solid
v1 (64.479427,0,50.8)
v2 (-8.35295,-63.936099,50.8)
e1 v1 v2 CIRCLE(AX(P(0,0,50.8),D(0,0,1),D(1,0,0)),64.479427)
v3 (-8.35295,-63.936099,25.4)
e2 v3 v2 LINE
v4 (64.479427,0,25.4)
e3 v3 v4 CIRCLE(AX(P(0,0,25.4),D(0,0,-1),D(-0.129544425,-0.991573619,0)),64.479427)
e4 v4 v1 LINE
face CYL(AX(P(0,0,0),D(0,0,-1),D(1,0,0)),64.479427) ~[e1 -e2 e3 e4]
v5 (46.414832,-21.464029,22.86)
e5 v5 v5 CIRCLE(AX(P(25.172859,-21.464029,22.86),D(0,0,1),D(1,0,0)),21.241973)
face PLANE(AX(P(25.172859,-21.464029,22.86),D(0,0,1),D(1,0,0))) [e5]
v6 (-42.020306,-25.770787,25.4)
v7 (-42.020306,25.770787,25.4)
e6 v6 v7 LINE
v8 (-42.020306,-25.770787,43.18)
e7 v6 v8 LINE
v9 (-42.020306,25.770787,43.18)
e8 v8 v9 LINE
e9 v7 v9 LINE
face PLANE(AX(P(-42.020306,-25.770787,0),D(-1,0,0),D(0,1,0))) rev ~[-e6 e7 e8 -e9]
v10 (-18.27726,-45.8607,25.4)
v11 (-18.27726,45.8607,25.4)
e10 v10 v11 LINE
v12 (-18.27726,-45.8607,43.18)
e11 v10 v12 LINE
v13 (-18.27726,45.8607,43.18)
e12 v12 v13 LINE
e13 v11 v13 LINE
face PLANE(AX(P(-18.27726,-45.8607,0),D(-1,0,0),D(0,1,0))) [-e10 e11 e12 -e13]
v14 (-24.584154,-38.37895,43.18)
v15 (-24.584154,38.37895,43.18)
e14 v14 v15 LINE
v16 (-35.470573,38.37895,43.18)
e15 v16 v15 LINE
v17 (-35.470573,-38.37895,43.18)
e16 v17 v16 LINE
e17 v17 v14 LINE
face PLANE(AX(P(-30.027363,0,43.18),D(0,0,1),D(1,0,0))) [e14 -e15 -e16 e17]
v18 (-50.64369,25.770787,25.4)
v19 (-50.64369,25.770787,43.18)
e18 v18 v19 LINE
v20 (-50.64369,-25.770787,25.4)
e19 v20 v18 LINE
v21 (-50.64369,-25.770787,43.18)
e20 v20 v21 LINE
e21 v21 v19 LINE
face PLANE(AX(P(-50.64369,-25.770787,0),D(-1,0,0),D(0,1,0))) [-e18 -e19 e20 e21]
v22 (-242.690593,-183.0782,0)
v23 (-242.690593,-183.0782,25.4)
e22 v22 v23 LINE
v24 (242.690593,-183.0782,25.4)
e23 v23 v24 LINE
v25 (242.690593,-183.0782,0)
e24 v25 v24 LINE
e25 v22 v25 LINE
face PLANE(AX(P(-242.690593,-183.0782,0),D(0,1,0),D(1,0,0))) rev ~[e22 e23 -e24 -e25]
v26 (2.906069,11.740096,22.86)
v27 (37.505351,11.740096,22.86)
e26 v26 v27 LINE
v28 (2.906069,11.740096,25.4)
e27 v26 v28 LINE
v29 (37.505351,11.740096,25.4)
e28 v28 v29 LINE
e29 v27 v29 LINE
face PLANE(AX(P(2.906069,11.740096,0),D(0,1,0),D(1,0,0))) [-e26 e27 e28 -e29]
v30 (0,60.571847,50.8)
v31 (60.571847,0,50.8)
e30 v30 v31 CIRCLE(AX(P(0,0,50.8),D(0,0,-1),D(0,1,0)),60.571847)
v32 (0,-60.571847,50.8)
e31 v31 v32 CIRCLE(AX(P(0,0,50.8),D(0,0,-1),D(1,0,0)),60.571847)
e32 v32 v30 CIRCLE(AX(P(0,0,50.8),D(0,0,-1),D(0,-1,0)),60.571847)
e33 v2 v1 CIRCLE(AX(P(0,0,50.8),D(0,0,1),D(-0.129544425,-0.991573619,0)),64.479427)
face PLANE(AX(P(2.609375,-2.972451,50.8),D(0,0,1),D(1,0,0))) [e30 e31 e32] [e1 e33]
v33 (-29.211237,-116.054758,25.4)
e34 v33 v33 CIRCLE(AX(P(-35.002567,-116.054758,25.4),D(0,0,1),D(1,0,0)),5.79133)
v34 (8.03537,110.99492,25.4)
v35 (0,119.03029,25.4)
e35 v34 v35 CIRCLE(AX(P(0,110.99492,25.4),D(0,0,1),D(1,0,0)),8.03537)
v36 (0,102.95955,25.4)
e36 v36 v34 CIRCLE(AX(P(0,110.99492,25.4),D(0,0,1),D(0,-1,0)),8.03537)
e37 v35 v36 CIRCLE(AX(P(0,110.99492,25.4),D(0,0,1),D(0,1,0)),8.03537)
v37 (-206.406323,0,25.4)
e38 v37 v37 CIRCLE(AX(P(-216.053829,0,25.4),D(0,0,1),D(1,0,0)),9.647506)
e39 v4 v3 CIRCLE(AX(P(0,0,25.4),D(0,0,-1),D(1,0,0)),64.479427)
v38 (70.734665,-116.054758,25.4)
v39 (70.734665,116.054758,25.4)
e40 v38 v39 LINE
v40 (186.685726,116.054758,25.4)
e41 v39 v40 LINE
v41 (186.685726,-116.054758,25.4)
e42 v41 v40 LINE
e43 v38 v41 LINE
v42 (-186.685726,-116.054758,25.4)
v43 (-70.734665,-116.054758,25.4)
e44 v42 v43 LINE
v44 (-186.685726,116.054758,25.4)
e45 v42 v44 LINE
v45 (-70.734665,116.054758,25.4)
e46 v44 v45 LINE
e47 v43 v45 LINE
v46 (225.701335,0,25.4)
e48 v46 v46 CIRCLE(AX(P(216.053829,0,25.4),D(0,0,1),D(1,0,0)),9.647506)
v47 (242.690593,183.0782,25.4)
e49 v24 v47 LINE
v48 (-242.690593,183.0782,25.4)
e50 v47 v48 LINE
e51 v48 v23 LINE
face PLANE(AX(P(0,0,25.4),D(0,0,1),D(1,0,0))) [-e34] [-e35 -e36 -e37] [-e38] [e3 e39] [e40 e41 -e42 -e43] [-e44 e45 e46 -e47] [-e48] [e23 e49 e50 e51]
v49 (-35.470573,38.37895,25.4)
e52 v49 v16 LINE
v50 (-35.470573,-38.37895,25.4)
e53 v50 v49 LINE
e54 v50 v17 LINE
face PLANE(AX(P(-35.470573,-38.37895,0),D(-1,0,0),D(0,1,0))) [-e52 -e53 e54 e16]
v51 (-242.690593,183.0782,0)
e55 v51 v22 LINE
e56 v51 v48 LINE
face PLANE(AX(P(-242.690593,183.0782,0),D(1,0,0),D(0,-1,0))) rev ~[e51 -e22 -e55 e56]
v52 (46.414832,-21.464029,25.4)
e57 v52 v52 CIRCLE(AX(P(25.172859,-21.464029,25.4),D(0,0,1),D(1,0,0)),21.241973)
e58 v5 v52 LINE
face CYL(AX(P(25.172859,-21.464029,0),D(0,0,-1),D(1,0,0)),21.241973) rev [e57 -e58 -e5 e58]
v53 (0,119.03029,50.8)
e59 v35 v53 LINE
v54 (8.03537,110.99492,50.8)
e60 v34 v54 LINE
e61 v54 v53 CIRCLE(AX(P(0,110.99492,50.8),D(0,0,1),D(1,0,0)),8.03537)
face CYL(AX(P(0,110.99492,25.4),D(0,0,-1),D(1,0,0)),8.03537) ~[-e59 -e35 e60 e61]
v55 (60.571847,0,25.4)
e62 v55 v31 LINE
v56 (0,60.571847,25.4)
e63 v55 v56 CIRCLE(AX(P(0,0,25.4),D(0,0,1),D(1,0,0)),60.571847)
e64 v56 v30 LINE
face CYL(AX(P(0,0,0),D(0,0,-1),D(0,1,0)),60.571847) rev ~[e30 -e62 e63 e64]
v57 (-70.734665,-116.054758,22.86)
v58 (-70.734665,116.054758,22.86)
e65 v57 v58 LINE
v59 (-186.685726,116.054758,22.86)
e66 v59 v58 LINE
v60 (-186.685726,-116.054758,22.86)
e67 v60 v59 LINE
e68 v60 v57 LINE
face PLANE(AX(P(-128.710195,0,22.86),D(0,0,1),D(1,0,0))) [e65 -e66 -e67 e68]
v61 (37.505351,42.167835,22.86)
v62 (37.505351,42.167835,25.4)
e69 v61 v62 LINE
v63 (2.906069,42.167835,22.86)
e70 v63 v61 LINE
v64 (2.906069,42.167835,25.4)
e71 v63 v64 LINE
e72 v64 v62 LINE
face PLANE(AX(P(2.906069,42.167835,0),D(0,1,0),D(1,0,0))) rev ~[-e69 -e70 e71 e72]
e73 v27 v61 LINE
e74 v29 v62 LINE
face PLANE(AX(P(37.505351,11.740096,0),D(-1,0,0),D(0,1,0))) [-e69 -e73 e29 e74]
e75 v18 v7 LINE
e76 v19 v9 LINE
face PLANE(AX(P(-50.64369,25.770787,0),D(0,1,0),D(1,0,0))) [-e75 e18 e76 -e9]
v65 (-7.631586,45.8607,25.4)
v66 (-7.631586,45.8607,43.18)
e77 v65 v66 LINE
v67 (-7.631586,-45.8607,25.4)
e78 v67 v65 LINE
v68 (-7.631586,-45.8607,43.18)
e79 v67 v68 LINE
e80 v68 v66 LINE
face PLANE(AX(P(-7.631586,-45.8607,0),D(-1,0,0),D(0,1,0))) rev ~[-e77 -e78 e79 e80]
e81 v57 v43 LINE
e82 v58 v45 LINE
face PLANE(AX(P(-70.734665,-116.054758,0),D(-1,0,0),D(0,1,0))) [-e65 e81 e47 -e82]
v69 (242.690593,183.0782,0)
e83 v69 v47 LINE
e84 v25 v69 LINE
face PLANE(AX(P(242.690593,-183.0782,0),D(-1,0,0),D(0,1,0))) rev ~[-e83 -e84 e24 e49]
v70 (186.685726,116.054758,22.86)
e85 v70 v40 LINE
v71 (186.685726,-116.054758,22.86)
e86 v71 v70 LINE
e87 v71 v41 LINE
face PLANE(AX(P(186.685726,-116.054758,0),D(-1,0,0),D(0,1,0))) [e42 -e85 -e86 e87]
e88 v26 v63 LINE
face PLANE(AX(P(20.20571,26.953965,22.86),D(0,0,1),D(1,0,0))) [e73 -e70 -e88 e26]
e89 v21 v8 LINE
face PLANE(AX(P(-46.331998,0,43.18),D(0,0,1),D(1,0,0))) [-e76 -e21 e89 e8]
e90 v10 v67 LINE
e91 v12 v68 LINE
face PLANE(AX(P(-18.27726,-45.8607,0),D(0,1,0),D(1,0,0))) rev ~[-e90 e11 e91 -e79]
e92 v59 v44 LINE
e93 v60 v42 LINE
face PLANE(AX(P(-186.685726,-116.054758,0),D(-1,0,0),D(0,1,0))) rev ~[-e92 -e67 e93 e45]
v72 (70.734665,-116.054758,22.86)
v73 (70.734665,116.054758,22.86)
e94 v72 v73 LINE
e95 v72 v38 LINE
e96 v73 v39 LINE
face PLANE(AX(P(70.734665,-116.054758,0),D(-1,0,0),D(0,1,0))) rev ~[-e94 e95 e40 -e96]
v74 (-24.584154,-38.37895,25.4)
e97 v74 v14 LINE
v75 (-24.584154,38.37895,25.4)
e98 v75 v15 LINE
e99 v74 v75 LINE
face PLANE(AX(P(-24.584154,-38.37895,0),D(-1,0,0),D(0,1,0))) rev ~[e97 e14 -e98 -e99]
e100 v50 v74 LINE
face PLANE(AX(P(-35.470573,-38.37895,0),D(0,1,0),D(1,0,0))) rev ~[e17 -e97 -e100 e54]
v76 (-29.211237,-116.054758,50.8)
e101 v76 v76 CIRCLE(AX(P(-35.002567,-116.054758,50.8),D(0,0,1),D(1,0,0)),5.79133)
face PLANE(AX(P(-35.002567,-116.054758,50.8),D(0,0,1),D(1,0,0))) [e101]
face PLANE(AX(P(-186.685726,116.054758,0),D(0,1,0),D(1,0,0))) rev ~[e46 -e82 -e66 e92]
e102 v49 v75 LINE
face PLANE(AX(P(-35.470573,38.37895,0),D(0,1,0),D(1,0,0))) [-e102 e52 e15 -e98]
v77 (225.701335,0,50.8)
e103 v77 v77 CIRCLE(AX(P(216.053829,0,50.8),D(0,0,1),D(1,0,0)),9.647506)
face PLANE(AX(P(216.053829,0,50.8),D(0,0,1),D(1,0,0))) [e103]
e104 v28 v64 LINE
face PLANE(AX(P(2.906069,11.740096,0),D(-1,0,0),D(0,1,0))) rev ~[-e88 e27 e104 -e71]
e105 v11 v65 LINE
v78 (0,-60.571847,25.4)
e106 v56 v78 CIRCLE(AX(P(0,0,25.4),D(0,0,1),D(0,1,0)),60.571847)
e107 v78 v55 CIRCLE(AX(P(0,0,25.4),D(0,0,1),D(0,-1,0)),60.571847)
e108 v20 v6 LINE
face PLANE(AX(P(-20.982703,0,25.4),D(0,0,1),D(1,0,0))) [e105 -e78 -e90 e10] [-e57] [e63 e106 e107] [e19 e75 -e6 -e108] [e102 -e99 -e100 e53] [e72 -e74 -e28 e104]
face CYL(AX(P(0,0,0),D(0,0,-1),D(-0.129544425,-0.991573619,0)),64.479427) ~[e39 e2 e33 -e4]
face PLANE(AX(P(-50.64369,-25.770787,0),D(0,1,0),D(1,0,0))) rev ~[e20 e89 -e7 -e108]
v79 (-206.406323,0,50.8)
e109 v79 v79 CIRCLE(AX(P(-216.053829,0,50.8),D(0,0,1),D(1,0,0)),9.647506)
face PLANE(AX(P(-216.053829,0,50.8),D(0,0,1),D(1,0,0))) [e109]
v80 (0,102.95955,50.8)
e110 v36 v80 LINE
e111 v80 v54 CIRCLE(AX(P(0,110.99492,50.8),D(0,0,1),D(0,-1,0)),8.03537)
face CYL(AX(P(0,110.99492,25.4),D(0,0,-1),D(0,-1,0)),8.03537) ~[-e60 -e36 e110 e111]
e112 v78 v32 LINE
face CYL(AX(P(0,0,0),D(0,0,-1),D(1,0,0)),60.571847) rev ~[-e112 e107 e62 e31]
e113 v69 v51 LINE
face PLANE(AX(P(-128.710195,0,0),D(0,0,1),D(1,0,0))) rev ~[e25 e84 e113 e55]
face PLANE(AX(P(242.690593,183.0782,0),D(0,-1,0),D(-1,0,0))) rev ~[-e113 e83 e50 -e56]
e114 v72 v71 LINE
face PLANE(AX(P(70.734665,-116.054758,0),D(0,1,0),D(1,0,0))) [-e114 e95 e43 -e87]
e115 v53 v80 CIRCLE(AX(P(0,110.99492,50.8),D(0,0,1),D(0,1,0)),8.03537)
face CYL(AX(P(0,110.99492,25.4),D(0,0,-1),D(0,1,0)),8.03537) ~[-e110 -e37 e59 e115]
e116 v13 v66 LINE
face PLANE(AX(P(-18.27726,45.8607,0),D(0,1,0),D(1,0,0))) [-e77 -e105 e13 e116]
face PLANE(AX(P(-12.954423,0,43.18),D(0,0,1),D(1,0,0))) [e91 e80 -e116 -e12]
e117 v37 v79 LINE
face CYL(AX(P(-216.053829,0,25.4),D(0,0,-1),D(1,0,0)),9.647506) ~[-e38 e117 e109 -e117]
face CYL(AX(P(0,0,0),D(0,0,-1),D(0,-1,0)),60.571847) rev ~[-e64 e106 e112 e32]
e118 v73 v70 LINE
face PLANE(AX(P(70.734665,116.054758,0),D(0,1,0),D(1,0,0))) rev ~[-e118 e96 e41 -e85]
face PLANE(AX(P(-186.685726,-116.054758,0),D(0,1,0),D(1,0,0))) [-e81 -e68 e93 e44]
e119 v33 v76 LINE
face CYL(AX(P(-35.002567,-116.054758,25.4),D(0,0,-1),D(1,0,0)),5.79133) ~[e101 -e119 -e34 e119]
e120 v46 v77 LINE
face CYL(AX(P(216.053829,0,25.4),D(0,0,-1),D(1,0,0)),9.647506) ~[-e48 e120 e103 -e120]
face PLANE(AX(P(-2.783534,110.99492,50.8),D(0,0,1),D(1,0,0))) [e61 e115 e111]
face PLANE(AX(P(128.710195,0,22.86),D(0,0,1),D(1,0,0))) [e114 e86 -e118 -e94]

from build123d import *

# Parameters (mm, degrees)
F0_W     = 115.9510612488
F0_H     = 232.1095168591
F1_DEPTH = 25.4
F2_DEPTH = 50.8
F0_W_2   = 8.6233839393
F0_H_2   = 51.5415742993
F0_W_3   = 10.8864195645
F0_H_3   = 76.7579004169
F0_W_4   = 10.6456745416
F0_H_4   = 91.7214006186
F0_R     = 21.2419727644
F0_W_5   = 34.5992818475
F0_H_5   = 30.4277390242
F3_DEPTH = 25.4
F4_DEPTH = 43.18
F5_DEPTH = 22.86
F6_R     = 9.647506056
F6_R_2   = 5.7913302068
F7_DEPTH = 25.4


with BuildPart() as f1:
    # F0 (on Top) → F1 (new body)
    with BuildSketch(Plane.XY):
        Polygon((-242.6905930042, -183.078199625), (0, -183.078199625), (242.6905930042, -183.078199625), (242.6905930042, 183.078199625), (-242.6905930042, 183.078199625), align=None)
        with Locations((-128.7101954222, 0)):
            Rectangle(F0_W, F0_H, mode=Mode.SUBTRACT)
        with BuildLine():
            ThreePointArc((-8.3529502331, -63.9360985563), (-42.5382359375, 48.4571455981), (64.479426767, 0))
            ThreePointArc((64.479426767, 0), (42.5382359375, -48.4571455981), (-8.3529502331, -63.9360985563))
        make_face(mode=Mode.SUBTRACT)
        with Locations((128.7101954222, 0)):
            Rectangle(F0_W, F0_H, mode=Mode.SUBTRACT)
    extrude(amount=F1_DEPTH)

    # F0 (on Top) → F2 (join)
    with BuildSketch(Plane.XY):
        with BuildLine():
            ThreePointArc((-8.3529502331, -63.9360985563), (42.5382359375, -48.4571455981), (64.479426767, 0))
            ThreePointArc((64.479426767, 0), (-42.5382359375, 48.4571455981), (-8.3529502331, -63.9360985563))
        make_face()
        with BuildLine():
            ThreePointArc((0, 60.5718467831), (42.8307636094, 42.8307636094), (60.5718467831, 0))
            ThreePointArc((60.5718467831, 0), (42.8307636094, -42.8307636094), (0, -60.5718467831))
            ThreePointArc((0, -60.5718467831), (-60.5718467831, 0), (0, 60.5718467831))
        make_face(mode=Mode.SUBTRACT)
    extrude(amount=F2_DEPTH)

    # F0 (on Top) → F3 (join)
    with BuildSketch(Plane.XY):
        with BuildLine():
            Line((0, -60.5718467831), (0, 60.5718467831))
            ThreePointArc((0, 60.5718467831), (-60.5718467831, 0), (0, -60.5718467831))
        make_face()
        with Locations((-46.3319979608, 0)):
            Rectangle(F0_W_2, F0_H_2, mode=Mode.SUBTRACT)
        with Locations((-30.0273634493, 0)):
            Rectangle(F0_W_3, F0_H_3, mode=Mode.SUBTRACT)
        with Locations((-12.9544232041, 0)):
            Rectangle(F0_W_4, F0_H_4, mode=Mode.SUBTRACT)
        with BuildLine():
            ThreePointArc((0, -60.5718467831), (42.8307636094, -42.8307636094), (60.5718467831, 0))
            ThreePointArc((60.5718467831, 0), (42.8307636094, 42.8307636094), (0, 60.5718467831))
            Line((0, 60.5718467831), (0, -60.5718467831))
        make_face()
        with Locations((25.1728594303, -21.464029327)):
            Circle(F0_R, mode=Mode.SUBTRACT)
        with Locations((20.2057100832, 26.9539654255)):
            Rectangle(F0_W_5, F0_H_5, mode=Mode.SUBTRACT)
    extrude(amount=F3_DEPTH)

    # F0 (on Top) → F4 (join)
    with BuildSketch(Plane.XY):
        with Locations((-46.3319979608, 0)):
            Rectangle(F0_W_2, F0_H_2)
        with Locations((-30.0273634493, 0)):
            Rectangle(F0_W_3, F0_H_3)
        with Locations((-12.9544232041, 0)):
            Rectangle(F0_W_4, F0_H_4)
    extrude(amount=F4_DEPTH)

    # F0 (on Top) → F5 (join)
    with BuildSketch(Plane.XY):
        with Locations((-128.7101954222, 0)):
            Rectangle(F0_W, F0_H)
        with Locations((20.2057100832, 26.9539654255)):
            Rectangle(F0_W_5, F0_H_5)
        with Locations((25.1728594303, -21.464029327)):
            Circle(F0_R)
        with Locations((128.7101954222, 0)):
            Rectangle(F0_W, F0_H)
    extrude(amount=F5_DEPTH)

    # F6 (on face) → F7 (join)
    with BuildSketch(Plane.XY.offset(25.4)):
        with Locations((-216.0538285971, 0)):
            Circle(F6_R)
        with Locations((-35.002566874, -116.0547584295)):
            Circle(F6_R_2)
        with BuildLine():
            Line((0, 102.9595498758), (0, 119.0302903933))
            ThreePointArc((0, 119.0302903933), (-8.0353702587, 110.9949201345), (0, 102.9595498758))
        make_face()
        with BuildLine():
            ThreePointArc((0, 102.9595498758), (5.6818647993, 105.3130553353), (8.0353702587, 110.9949201345))
            ThreePointArc((8.0353702587, 110.9949201345), (5.6818647993, 116.6767849338), (0, 119.0302903933))
            Line((0, 119.0302903933), (0, 102.9595498758))
        make_face()
        with Locations((216.0538285971, 0)):
            Circle(F6_R)
    extrude(amount=F7_DEPTH)


solid = f1.part
